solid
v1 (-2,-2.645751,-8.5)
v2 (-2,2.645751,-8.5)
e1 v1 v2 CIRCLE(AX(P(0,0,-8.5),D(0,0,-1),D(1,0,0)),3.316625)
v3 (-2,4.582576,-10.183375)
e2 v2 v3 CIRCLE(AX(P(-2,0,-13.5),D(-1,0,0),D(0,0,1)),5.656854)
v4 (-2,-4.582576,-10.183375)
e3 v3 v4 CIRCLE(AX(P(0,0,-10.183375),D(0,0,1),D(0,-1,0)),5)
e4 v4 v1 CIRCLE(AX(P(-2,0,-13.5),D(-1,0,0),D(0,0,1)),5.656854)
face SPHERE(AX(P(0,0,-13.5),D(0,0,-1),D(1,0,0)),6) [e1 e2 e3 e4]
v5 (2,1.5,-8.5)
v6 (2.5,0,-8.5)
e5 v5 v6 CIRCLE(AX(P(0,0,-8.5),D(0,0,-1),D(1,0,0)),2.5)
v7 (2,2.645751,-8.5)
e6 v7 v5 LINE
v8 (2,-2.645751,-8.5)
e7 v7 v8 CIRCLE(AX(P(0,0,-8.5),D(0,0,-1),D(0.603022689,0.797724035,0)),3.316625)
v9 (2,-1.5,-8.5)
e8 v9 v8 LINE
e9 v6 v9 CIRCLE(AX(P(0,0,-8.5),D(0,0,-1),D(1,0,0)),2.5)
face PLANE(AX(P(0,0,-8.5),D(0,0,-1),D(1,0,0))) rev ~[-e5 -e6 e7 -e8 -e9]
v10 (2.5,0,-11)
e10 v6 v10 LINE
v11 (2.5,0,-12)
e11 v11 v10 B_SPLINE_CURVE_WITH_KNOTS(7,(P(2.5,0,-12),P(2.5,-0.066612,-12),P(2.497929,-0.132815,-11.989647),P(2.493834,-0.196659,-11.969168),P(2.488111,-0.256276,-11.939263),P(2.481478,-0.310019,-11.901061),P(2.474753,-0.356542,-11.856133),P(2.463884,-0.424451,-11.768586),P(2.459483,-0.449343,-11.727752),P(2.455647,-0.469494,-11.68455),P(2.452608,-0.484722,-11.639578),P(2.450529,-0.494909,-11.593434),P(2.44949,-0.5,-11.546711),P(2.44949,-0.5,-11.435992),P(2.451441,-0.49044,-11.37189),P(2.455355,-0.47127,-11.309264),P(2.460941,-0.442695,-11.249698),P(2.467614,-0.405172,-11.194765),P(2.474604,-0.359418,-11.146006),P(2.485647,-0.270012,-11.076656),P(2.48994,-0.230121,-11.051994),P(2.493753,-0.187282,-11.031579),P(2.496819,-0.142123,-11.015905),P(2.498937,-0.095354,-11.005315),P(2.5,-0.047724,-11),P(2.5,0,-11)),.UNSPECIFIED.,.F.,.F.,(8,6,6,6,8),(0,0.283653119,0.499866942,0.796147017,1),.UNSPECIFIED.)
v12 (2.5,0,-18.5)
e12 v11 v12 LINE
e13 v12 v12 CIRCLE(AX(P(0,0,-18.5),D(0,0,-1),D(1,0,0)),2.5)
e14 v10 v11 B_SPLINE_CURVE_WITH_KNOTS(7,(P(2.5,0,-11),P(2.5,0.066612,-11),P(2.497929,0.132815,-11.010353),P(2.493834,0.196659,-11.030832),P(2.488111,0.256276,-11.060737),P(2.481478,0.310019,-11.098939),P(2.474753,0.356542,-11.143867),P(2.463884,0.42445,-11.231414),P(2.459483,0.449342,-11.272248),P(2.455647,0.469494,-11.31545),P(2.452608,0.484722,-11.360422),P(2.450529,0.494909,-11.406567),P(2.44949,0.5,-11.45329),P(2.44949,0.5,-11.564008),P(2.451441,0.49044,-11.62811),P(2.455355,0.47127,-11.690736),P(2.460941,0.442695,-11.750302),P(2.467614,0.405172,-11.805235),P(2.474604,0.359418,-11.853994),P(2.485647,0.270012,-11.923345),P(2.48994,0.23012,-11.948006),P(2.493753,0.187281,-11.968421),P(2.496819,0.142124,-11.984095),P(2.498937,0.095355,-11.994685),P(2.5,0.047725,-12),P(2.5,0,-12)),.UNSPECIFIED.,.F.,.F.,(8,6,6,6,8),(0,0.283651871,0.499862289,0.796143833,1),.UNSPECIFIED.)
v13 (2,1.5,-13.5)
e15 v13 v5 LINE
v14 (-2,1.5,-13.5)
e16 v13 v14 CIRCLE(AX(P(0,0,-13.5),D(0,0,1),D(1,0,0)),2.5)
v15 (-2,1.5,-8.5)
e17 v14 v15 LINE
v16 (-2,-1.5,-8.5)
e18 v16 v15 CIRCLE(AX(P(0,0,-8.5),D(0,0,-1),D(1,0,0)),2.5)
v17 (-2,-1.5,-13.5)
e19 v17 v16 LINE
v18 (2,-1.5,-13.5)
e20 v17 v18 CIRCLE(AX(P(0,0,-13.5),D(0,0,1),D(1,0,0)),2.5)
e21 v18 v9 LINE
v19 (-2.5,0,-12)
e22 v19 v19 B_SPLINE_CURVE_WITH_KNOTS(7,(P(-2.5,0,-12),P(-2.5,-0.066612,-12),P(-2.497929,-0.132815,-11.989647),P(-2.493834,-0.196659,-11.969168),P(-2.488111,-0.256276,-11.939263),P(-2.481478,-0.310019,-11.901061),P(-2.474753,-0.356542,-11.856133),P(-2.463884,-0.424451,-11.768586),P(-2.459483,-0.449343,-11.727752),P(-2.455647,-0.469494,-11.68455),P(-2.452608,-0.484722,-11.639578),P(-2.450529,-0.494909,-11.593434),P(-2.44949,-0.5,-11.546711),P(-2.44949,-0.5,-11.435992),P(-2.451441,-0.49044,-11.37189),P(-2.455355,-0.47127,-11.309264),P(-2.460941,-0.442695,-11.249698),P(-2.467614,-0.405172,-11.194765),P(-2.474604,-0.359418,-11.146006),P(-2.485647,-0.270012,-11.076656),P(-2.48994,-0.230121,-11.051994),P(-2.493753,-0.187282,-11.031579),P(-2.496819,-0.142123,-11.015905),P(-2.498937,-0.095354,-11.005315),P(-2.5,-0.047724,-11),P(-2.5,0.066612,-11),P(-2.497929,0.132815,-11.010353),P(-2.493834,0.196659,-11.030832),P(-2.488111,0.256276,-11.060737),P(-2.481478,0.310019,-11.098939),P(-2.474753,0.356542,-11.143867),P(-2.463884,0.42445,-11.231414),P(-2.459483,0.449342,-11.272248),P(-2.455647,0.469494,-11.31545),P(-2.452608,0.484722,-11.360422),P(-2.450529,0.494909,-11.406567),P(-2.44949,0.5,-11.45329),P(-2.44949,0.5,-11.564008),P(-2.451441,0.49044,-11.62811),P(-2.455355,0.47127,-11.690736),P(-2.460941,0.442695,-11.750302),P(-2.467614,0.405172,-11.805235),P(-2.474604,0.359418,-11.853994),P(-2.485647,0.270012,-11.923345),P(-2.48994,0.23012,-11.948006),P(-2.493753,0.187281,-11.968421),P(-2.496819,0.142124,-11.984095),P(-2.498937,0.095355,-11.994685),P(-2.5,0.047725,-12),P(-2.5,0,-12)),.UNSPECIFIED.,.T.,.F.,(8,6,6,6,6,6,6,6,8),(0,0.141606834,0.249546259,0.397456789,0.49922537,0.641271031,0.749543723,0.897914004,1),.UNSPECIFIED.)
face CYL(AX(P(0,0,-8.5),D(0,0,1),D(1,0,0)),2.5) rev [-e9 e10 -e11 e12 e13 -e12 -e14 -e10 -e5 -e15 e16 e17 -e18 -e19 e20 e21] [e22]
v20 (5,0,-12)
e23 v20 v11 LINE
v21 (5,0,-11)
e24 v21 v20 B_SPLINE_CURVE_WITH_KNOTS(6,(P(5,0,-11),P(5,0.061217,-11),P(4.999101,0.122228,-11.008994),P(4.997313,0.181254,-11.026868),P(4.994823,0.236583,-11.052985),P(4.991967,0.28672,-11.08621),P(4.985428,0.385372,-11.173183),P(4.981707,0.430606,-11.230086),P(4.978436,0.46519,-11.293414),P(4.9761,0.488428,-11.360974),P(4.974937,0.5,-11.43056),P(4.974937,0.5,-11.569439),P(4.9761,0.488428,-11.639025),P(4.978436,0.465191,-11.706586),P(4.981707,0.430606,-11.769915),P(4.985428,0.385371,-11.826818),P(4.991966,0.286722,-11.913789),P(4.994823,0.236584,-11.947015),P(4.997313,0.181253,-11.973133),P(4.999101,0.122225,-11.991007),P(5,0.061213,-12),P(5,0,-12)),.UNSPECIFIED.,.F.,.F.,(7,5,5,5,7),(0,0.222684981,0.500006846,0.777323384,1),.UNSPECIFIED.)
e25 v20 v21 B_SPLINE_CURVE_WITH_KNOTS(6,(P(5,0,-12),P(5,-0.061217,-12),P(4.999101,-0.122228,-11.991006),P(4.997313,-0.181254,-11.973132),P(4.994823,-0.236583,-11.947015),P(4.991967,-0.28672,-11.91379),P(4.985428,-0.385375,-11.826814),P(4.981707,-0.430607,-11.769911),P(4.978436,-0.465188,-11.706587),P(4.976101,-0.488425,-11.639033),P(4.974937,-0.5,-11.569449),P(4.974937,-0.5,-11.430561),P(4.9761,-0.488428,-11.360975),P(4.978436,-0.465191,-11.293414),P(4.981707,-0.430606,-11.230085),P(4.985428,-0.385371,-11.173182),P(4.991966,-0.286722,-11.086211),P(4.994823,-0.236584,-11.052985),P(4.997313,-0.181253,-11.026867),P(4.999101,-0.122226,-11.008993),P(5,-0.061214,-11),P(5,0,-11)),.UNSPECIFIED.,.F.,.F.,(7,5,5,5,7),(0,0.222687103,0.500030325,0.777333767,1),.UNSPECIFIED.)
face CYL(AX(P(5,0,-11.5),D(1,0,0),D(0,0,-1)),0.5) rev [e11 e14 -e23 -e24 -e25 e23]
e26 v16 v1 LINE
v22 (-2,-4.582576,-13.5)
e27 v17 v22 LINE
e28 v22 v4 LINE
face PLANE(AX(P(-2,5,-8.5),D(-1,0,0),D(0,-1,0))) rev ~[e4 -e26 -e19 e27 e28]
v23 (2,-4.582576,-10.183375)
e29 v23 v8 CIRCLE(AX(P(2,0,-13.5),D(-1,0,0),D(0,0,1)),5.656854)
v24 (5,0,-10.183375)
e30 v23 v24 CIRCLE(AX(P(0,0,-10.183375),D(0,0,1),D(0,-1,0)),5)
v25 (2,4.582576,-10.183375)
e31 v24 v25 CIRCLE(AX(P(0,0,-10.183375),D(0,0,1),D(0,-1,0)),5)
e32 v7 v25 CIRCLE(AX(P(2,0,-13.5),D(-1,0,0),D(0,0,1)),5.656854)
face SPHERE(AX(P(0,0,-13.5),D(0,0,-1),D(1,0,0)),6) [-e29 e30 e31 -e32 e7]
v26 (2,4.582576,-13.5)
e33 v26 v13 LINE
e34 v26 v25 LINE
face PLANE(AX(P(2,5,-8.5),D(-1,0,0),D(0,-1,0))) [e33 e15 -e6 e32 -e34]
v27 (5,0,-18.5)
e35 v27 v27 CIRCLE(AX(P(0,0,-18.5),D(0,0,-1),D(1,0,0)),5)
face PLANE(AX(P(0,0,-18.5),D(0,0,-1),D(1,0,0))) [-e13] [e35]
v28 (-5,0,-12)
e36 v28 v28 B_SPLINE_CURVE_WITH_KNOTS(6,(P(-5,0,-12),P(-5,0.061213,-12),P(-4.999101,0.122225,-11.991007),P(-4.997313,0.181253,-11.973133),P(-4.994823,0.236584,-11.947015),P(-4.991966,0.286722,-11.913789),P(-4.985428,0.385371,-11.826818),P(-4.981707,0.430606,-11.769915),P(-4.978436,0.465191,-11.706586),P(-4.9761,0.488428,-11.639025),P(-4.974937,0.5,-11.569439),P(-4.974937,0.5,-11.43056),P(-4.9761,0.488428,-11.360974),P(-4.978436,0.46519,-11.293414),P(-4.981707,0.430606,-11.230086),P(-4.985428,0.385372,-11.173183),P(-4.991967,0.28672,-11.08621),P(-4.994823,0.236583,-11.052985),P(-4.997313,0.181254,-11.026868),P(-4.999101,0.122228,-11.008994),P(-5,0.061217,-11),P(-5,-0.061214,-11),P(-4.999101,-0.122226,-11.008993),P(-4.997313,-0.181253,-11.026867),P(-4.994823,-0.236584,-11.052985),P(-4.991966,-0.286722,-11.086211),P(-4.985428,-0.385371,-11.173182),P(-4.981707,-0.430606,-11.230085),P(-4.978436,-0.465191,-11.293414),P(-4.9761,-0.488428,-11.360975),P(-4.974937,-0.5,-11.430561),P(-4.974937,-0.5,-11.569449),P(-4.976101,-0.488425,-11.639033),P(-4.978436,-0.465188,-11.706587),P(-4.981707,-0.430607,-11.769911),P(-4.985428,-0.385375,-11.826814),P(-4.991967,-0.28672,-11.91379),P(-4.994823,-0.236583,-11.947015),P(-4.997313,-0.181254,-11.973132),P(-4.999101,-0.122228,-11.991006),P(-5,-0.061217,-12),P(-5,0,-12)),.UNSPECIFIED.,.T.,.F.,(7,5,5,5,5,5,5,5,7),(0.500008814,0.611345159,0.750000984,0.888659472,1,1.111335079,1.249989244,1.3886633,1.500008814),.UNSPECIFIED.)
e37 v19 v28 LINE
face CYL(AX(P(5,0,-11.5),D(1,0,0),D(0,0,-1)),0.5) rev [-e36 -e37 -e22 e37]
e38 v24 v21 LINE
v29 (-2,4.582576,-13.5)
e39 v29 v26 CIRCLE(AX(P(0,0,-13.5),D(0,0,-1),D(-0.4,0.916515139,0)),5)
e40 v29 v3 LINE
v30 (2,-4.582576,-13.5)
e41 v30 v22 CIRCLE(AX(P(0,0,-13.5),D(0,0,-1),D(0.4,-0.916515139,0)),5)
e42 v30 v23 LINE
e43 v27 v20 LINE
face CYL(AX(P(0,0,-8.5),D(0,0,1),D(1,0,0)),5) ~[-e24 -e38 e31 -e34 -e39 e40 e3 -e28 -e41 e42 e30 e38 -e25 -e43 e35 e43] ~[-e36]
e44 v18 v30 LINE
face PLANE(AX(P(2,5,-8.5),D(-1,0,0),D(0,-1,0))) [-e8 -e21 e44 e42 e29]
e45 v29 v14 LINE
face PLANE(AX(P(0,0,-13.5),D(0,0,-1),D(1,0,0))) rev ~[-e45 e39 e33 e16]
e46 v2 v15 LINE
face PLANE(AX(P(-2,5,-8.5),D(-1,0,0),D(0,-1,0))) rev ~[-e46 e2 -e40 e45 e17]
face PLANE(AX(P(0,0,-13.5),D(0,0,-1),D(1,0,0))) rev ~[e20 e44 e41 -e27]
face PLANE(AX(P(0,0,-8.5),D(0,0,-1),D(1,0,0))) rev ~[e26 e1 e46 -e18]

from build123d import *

# Parameters (mm, degrees)
CYLINDER032_R                = 3
CYLINDER032_DEPTH            = 10
CYLINDER031_R                = 5
CYLINDER031_DEPTH            = 4
CYLINDER030_R                = 0.5
CYLINDER030_DEPTH            = 10
CYLINDER029_R                = 2.5
CYLINDER029_DEPTH            = 10
BOX011_W                     = 4
BOX011_H                     = 10
BOX011_DEPTH                 = 5
CYLINDER028_R                = 5
CYLINDER028_DEPTH            = 10
FUSION005009_PLACEMENT_ANGLE = 180


with BuildPart() as cylinder032:
    # Cylinder032 → Cylinder032 (new body)
    with BuildSketch(Plane(origin=(18, 0, -6), x_dir=(1, 0, 0), z_dir=(0, 0, 1))):
        Circle(CYLINDER032_R)
    extrude(amount=CYLINDER032_DEPTH)


with BuildPart() as cut027:
    # Cylinder031 → Cylinder031 (new body)
    with BuildSketch(Plane(origin=(18, 0, -4), x_dir=(1, 0, 0), z_dir=(0, 0, 1))):
        Circle(CYLINDER031_R)
    extrude(amount=CYLINDER031_DEPTH)

    # Cut027: cut Cylinder032
    add(cylinder032.part, mode=Mode.SUBTRACT)


with BuildPart() as cut027_1:
    # Cut027 placement: moved
    add(cut027.part.moved(Location((-18, 0, 0))))


with BuildPart() as sphere007:
    # Sphere007 → Sphere007 (revolve)
    with BuildSketch(Plane(origin=(0, 0, -5), x_dir=(1, 0, 0), z_dir=(0, -1, 0))):
        with BuildLine():
            ThreePointArc((0, -6), (6, 0), (0, 6))
            Line((0, 6), (0, -6))
        make_face()
    revolve(axis=Axis((0, 0, -5), (0, 0, 1)))


with BuildPart() as cylinder030:
    # Cylinder030 → Cylinder030 (new body)
    with BuildSketch(Plane(origin=(5, 0, -7), x_dir=(0, 0, 1), z_dir=(-1, 0, 0))):
        Circle(CYLINDER030_R)
    extrude(amount=CYLINDER030_DEPTH)


with BuildPart() as cylinder029:
    # Cylinder029 → Cylinder029 (new body)
    with BuildSketch(Plane.XY.offset(-10)):
        Circle(CYLINDER029_R)
    extrude(amount=CYLINDER029_DEPTH)


with BuildPart() as cube011:
    # Box011 → Box011 (new body)
    with BuildSketch(Plane(origin=(-2, -5, -10), x_dir=(1, 0, 0), z_dir=(0, 0, 1))):
        with Locations((2, 5)):
            Rectangle(BOX011_W, BOX011_H)
    extrude(amount=BOX011_DEPTH)


with BuildPart() as fusion005009:
    # Cylinder028 → Cylinder028 (new body)
    with BuildSketch(Plane.XY.offset(-10)):
        Circle(CYLINDER028_R)
    extrude(amount=CYLINDER028_DEPTH)

    # Cut024: cut Cube011
    add(cube011.part, mode=Mode.SUBTRACT)

    # Cut025: cut Cylinder029
    add(cylinder029.part, mode=Mode.SUBTRACT)

    # Cut026: cut Cylinder030
    add(cylinder030.part, mode=Mode.SUBTRACT)

    # Common005: intersect Sphere007
    add(sphere007.part, mode=Mode.INTERSECT)

    # Fusion005008: union Cut027
    add(cut027_1.part)


with BuildPart() as fusion005009_1:
    # Fusion005009 placement: moved
    add(fusion005009.part.moved(Location((0, 0, -18.5))).rotate(Axis((0, 0, -18.5), (1, 0, 0)), FUSION005009_PLACEMENT_ANGLE))


solid = fusion005009_1.part
